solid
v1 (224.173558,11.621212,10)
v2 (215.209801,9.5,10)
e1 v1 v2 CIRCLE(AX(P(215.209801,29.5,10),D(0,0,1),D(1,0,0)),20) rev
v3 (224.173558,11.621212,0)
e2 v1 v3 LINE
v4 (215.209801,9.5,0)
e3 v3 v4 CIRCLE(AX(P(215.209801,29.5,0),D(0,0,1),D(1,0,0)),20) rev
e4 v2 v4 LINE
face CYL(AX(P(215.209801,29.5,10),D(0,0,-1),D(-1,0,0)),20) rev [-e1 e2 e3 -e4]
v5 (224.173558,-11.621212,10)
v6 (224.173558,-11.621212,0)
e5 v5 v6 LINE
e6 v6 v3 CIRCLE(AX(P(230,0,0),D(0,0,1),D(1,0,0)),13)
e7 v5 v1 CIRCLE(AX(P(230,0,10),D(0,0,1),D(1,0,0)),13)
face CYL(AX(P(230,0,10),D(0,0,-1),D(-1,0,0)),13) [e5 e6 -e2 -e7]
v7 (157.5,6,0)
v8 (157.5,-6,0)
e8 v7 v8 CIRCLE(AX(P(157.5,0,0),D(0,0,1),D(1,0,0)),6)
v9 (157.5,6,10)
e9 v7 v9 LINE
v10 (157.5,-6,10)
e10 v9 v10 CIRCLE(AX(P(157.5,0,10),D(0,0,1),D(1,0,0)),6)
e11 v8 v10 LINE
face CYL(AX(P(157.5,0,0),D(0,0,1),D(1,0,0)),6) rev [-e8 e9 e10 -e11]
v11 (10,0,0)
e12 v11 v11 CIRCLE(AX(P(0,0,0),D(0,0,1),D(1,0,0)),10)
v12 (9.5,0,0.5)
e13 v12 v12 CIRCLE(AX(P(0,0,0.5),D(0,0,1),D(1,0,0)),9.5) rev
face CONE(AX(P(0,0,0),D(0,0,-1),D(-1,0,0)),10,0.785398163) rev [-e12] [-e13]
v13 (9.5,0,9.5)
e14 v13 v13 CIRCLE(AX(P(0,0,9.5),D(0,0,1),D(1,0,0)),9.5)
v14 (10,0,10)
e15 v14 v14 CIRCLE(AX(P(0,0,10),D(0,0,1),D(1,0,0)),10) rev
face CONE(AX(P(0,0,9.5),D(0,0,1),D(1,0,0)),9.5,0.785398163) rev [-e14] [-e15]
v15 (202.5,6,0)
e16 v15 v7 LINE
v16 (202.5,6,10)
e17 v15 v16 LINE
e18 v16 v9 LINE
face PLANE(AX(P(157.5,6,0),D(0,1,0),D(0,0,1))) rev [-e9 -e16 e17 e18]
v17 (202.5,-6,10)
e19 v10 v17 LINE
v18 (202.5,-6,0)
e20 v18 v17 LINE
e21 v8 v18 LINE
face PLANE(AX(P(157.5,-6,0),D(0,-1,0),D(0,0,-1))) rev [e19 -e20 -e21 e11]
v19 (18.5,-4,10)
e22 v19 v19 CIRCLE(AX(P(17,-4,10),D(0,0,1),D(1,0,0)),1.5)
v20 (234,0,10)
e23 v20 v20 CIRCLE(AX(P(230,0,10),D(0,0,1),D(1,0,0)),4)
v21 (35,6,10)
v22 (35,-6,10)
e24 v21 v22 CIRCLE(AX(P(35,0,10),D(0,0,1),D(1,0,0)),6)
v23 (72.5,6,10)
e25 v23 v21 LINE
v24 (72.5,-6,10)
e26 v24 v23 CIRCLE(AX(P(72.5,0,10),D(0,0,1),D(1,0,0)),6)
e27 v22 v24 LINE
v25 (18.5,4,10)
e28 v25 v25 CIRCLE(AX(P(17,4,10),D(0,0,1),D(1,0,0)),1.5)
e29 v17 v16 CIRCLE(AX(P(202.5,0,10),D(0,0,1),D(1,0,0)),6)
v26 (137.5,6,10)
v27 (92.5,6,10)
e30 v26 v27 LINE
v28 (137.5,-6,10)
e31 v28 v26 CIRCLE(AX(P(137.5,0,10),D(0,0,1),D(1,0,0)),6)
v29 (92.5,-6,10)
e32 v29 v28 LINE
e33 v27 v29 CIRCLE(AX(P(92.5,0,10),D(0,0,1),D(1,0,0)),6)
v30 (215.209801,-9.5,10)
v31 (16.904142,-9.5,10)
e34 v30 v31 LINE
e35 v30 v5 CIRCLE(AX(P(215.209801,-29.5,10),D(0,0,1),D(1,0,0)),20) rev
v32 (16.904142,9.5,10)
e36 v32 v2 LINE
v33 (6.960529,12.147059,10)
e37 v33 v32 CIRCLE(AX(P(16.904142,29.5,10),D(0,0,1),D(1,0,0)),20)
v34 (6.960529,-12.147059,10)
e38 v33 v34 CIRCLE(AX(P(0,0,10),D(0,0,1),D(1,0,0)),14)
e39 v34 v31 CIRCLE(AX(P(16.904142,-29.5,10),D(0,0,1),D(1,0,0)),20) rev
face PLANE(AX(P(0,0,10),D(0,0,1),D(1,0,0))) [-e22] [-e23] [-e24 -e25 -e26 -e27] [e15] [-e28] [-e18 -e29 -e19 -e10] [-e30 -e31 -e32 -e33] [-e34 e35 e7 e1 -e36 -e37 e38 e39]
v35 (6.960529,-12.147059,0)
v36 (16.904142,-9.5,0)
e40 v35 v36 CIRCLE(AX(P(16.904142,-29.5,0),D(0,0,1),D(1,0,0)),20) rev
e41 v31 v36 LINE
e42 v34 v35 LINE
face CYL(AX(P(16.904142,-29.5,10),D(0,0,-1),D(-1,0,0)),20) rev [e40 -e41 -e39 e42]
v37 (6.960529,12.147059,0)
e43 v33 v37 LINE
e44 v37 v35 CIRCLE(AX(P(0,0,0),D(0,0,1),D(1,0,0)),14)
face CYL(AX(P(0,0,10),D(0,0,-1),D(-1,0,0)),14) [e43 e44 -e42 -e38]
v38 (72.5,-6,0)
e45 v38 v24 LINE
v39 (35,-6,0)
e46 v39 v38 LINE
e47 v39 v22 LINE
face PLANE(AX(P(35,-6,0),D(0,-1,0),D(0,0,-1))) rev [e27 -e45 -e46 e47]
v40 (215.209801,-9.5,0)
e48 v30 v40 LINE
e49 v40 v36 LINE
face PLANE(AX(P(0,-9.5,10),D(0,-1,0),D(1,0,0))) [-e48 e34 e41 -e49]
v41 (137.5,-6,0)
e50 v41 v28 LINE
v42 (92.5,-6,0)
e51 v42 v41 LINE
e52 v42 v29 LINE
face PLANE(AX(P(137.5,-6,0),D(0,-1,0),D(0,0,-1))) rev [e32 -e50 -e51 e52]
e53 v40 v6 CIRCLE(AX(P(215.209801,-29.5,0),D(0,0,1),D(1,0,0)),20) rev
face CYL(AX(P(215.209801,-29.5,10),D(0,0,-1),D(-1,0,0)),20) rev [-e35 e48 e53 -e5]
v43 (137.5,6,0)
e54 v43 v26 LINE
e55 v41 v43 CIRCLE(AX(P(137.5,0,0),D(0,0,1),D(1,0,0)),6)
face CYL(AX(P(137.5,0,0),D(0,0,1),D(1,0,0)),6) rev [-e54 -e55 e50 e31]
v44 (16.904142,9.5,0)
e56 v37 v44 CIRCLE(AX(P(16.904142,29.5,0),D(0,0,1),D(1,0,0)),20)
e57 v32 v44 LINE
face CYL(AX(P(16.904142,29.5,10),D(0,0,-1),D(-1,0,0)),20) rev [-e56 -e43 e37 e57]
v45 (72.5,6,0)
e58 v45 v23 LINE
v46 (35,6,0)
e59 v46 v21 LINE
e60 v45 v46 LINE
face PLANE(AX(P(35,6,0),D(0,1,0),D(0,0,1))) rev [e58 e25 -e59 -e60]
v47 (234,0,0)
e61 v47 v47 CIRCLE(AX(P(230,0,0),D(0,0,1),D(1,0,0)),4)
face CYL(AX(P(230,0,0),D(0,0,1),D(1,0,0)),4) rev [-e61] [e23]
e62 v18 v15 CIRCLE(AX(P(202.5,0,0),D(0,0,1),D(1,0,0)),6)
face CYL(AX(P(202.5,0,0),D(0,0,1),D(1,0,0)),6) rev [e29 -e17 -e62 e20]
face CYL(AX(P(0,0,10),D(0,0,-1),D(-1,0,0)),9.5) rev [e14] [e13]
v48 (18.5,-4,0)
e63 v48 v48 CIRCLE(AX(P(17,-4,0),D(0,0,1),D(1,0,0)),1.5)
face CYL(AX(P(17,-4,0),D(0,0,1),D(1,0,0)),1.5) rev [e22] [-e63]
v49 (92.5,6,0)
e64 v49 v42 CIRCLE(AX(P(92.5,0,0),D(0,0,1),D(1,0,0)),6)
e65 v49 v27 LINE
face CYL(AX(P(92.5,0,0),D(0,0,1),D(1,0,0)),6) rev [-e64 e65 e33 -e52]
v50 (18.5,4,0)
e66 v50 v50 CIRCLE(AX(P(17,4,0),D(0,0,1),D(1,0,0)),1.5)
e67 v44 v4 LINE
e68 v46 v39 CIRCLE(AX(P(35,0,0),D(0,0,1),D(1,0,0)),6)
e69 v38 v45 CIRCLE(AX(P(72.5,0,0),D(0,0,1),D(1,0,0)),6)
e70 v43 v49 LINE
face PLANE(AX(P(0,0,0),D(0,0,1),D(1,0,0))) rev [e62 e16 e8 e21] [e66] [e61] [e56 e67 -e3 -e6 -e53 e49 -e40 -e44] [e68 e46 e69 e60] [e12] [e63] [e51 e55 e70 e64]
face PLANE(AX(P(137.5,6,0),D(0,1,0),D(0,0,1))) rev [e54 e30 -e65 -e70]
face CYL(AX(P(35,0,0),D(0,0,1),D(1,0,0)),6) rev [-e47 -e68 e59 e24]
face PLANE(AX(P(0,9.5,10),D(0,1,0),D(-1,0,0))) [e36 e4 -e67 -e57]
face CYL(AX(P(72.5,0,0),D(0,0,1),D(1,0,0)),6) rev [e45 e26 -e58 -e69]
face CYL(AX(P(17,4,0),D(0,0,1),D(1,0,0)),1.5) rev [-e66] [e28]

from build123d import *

# Parameters (mm, degrees)
SKETCH_1_R          = 9.5
EXTRUDE_1_DEPTH     = 10
CHAMFER_1_SIZE      = 0.5
CUT_EXTRUDE_2_DEPTH = 10
EXTRUDE_START       = -10
SKETCH_3_R          = 9.5
SKETCH_3_R_2        = 4
EXTRUDE_2_DEPTH     = 10
SKETCH_4_R          = 6
CUT_EXTRUDE_3_DEPTH = 10
SKETCH_5_R          = 6
SKETCH_5_R_2        = 4
EXTRUDE_3_DEPTH     = 10
SKETCH_6_R          = 1.5
CUT_EXTRUDE_4_DEPTH = 244.608292141


with BuildPart() as part:
    # 草图1 → 凸台-拉伸1 (new body)
    with BuildSketch(Plane.XY):
        with BuildLine():
            Line((16.904141504, -9.5), (212.802616478, -9.5))
            Line((212.802616478, -9.5), (215.209800542, -9.5))
            ThreePointArc((215.209800542, -9.5), (219.815462407, -10.037526396), (224.173557789, -11.621212121))
            ThreePointArc((224.173557789, -11.621212121), (243, 0), (224.173557789, 11.621212121))
            ThreePointArc((224.173557789, 11.621212121), (219.815462407, 10.037526396), (215.209800542, 9.5))
            Line((215.209800542, 9.5), (212.802616478, 9.5))
            Line((212.802616478, 9.5), (16.904141504, 9.5))
            ThreePointArc((16.904141504, 9.5), (11.75918395, 10.173090993), (6.960528855, 12.147058824))
            ThreePointArc((6.960528855, 12.147058824), (-14, 0), (6.960528855, -12.147058824))
            ThreePointArc((6.960528855, -12.147058824), (11.75918395, -10.173090993), (16.904141504, -9.5))
        make_face()
        Circle(SKETCH_1_R, mode=Mode.SUBTRACT)
        with Locations((230, 0)):
            Circle(SKETCH_1_R, mode=Mode.SUBTRACT)
    extrude(amount=EXTRUDE_1_DEPTH)

    # 倒角1
    chamfer_1_edges = [part.edges().sort_by_distance(p)[0] for p in [
        (-9.5, 0, 0),
        (-9.5, 0, 10),
    ]]
    chamfer(chamfer_1_edges, length=CHAMFER_1_SIZE)

    # 草图2 → 切除-拉伸2 (cut)
    with BuildSketch(Plane.XY.offset(10)):
        with BuildLine():
            Line((137.499999918, -6), (92.5, -6))
            ThreePointArc((92.5, -6), (86.5, 0), (92.5, 6))
            Line((92.5, 6), (137.499999918, 6))
            ThreePointArc((137.499999918, 6), (143.499999918, 0), (137.499999918, -6))
        make_face()
        with BuildLine():
            Line((35, -6), (72.5, -6))
            ThreePointArc((72.5, -6), (78.5, 0), (72.5, 6))
            Line((72.5, 6), (35, 6))
            ThreePointArc((35, 6), (29, 0), (35, -6))
        make_face()
        with BuildLine():
            Line((157.5, -6), (202.5, -6))
            ThreePointArc((202.5, -6), (208.5, 0), (202.5, 6))
            Line((202.5, 6), (157.5, 6))
            ThreePointArc((157.5, 6), (151.5, 0), (157.5, -6))
        make_face()
    extrude(amount=-CUT_EXTRUDE_2_DEPTH, mode=Mode.SUBTRACT)

    # 草图3 → 凸台-拉伸2 (add)
    with BuildSketch(Plane.XY.offset(10).offset(EXTRUDE_START)):
        with Locations((230, 0)):
            Circle(SKETCH_3_R)
        with Locations((230, 0)):
            Circle(SKETCH_3_R_2, mode=Mode.SUBTRACT)
    extrude(amount=EXTRUDE_2_DEPTH)

    # 草图4 → 切除-拉伸3 (cut)
    with BuildSketch(Plane.XY.offset(10)):
        with Locations((230, 0)):
            Circle(SKETCH_4_R)
    extrude(amount=-CUT_EXTRUDE_3_DEPTH, mode=Mode.SUBTRACT)

    # 草图5 → 凸台-拉伸3 (add)
    with BuildSketch(Plane.XY.offset(10)):
        with Locations((230, 0)):
            Circle(SKETCH_5_R)
        with Locations((230, 0)):
            Circle(SKETCH_5_R_2, mode=Mode.SUBTRACT)
    extrude(amount=-EXTRUDE_3_DEPTH)

    # 草图6 → 切除-拉伸4 (cut, through all)
    with BuildSketch(Plane.XY.offset(10)):
        with Locations((17, 4)):
            Circle(SKETCH_6_R)
        with Locations((17, -4)):
            Circle(SKETCH_6_R)
    extrude(amount=-CUT_EXTRUDE_4_DEPTH, mode=Mode.SUBTRACT)


solid = part.part
